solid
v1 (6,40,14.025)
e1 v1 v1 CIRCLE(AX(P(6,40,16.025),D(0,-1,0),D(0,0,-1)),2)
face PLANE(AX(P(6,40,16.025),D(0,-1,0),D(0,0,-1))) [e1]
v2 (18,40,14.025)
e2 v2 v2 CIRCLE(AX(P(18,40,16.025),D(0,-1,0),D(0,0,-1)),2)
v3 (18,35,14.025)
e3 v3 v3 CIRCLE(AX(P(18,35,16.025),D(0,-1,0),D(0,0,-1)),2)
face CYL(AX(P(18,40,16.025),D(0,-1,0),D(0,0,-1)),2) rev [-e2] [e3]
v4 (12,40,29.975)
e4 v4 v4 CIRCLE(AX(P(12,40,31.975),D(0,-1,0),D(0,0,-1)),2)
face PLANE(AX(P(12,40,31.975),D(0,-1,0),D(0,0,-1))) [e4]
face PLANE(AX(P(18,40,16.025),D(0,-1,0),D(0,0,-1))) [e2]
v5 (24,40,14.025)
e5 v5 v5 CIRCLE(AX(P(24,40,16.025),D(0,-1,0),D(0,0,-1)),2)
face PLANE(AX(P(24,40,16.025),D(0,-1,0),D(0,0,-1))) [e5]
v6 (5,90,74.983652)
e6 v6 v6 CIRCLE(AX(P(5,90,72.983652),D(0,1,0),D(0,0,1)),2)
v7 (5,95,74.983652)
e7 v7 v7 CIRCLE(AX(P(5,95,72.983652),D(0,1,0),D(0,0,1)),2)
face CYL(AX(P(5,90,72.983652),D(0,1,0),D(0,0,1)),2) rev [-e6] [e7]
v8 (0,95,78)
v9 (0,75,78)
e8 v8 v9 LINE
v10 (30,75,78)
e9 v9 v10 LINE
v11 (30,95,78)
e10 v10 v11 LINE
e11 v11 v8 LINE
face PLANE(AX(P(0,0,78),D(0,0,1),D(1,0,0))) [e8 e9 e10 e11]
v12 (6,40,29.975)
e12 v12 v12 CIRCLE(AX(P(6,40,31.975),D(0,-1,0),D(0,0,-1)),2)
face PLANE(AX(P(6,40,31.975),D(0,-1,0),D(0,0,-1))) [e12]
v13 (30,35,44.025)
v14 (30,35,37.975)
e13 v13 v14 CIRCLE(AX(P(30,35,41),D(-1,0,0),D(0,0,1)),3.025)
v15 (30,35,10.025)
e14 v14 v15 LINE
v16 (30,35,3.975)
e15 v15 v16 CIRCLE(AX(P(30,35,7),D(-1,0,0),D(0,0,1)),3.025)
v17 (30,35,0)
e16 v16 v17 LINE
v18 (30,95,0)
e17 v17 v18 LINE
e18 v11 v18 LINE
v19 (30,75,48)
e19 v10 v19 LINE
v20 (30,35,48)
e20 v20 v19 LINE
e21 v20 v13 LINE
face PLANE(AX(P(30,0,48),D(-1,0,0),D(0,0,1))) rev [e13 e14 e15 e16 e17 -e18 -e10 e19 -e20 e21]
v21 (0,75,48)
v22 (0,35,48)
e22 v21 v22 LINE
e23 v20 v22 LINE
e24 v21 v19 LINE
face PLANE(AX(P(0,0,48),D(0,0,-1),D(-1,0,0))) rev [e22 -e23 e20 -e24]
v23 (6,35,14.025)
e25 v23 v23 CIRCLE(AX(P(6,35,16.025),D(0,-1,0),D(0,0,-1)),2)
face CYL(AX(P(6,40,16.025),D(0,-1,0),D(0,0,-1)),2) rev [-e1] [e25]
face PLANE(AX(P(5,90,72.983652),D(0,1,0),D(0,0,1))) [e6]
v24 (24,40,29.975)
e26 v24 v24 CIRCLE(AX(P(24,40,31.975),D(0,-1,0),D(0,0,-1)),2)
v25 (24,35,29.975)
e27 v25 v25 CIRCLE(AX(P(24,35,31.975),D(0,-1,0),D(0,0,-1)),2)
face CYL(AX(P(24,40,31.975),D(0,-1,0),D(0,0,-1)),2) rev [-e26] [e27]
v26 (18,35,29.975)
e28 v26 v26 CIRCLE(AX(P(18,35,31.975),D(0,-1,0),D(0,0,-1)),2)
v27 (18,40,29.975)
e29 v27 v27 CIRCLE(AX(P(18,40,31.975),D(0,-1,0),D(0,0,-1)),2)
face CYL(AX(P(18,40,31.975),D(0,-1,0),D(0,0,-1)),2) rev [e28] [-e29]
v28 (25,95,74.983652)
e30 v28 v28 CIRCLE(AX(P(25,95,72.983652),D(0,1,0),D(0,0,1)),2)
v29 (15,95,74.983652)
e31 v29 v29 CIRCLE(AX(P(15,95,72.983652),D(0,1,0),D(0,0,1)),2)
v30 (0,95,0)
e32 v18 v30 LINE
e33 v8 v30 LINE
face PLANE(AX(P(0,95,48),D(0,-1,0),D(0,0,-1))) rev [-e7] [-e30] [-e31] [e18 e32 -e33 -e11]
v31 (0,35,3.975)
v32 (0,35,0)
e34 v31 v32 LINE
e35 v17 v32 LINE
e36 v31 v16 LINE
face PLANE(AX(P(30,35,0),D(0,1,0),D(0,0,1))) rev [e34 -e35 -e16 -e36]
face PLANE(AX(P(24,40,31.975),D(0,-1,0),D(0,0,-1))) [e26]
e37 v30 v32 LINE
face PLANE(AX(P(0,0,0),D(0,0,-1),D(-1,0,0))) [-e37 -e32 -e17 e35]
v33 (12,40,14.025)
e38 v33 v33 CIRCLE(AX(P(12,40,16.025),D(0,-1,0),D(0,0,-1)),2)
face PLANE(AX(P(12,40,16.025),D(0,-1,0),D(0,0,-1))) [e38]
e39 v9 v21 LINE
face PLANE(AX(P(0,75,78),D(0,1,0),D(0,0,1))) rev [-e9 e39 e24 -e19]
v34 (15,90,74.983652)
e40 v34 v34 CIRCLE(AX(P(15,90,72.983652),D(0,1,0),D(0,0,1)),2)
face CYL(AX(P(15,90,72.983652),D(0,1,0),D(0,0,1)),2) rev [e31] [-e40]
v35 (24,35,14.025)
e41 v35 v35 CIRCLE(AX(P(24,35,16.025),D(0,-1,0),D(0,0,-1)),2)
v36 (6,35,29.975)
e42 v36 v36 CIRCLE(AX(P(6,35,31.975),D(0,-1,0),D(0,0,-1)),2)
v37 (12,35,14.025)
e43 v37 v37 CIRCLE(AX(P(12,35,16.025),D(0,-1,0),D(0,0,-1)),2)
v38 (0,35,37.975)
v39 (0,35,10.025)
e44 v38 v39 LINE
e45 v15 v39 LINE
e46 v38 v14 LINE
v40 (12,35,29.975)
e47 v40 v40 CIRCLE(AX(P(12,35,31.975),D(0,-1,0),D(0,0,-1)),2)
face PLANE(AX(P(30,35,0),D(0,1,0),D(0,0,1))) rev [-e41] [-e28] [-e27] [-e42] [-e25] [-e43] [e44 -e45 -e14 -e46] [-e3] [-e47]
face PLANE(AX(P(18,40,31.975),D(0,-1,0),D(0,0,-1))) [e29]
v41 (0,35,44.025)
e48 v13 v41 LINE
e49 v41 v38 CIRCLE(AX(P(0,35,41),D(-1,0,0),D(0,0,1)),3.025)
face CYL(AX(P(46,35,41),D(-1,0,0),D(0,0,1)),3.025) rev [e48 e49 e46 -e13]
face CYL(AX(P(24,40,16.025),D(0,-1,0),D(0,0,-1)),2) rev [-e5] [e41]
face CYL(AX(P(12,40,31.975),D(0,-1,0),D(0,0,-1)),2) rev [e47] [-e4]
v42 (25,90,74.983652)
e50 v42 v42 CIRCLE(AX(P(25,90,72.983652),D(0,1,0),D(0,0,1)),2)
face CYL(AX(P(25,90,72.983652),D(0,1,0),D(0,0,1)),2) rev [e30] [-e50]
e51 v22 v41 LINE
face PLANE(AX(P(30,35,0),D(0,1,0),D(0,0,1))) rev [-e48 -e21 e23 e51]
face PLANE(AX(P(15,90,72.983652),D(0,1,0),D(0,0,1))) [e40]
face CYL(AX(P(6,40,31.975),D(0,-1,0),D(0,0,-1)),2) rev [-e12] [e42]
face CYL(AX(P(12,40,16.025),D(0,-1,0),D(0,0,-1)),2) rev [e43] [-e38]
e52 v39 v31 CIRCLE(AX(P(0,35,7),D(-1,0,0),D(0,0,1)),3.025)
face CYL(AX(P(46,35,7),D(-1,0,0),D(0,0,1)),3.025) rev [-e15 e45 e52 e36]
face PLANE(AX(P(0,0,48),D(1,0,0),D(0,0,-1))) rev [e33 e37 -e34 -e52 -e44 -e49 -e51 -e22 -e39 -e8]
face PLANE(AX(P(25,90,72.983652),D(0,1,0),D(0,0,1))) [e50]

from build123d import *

# Parameters (mm, degrees)
SKETCH_1_W          = 30
SKETCH_1_H          = 95
EXTRUDE_1_DEPTH     = 48
SKETCH_2_R          = 3.025
SKETCH_2_R_2        = 3.005
CUT_EXTRUDE_1_DEPTH = 46
SKETCH_3_W          = 30
SKETCH_3_H          = 20
EXTRUDE_2_DEPTH     = 30
SKETCH_4_R          = 2
CUT_EXTRUDE_2_DEPTH = 5
SKETCH_5_W          = 48
SKETCH_5_H          = 35
CUT_EXTRUDE_3_DEPTH = 127.526677029
SKETCH_6_R          = 2
CUT_EXTRUDE_4_DEPTH = 5


with BuildPart() as part:
    # 草图1 → 凸台-拉伸1 (new body)
    with BuildSketch(Plane.XY):
        with Locations((15, 47.5)):
            Rectangle(SKETCH_1_W, SKETCH_1_H)
    extrude(amount=EXTRUDE_1_DEPTH)

    # 草图2 → 切除-拉伸1 (cut)
    # profile 1 of 2: a face of its own
    with BuildSketch(Plane.ZY):
        with Locations((7, 35)):
            Circle(SKETCH_2_R)
        with Locations((7, 35)):
            Circle(SKETCH_2_R_2, mode=Mode.SUBTRACT)
    # profile 2 of 2: a face of its own
    with BuildSketch(Plane.ZY):
        with Locations((41, 35)):
            Circle(SKETCH_2_R)
        with Locations((41, 35)):
            Circle(SKETCH_2_R_2, mode=Mode.SUBTRACT)
    extrude(amount=-CUT_EXTRUDE_1_DEPTH, mode=Mode.SUBTRACT)


with BuildPart() as cut_extrude_1_kept_piece:
    # of the separate pieces the step leaves, the one the design keeps (cut_extrude_1_pieces_kept)
    add(part.part.solids().sort_by_distance((0, 0, 0))[0])

    # 草图3 → 凸台-拉伸2 (add)
    with BuildSketch(Plane.XY.offset(48)):
        with Locations((15, 85)):
            Rectangle(SKETCH_3_W, SKETCH_3_H)
    extrude(amount=EXTRUDE_2_DEPTH)

    # 草图4 → 切除-拉伸2 (cut)
    with BuildSketch(Plane(origin=(0, 95, 0), x_dir=(1, 0, 0), z_dir=(0, 1, 0))):
        with Locations(Location((5, -72.983651548, 0), (0, 0, 270))):
            Circle(SKETCH_4_R)
        with Locations(Location((15, -72.983651548, 0), (0, 0, 270))):
            Circle(SKETCH_4_R)
        with Locations(Location((25, -72.983651548, 0), (0, 0, 270))):
            Circle(SKETCH_4_R)
    extrude(amount=-CUT_EXTRUDE_2_DEPTH, mode=Mode.SUBTRACT)

    # 草图5 → 切除-拉伸3 (cut, through all)
    with BuildSketch(Plane.ZY):
        with Locations((24, 17.5)):
            Rectangle(SKETCH_5_W, SKETCH_5_H)
    extrude(amount=-CUT_EXTRUDE_3_DEPTH, mode=Mode.SUBTRACT)

    # 草图6 → 切除-拉伸4 (cut)
    with BuildSketch(Plane.XZ.offset(-35)):
        with Locations(Location((6, 31.975, 0), (0, 0, 270))):
            Circle(SKETCH_6_R)
        with Locations(Location((12, 31.975, 0), (0, 0, 270))):
            Circle(SKETCH_6_R)
        with Locations(Location((18, 31.975, 0), (0, 0, 270))):
            Circle(SKETCH_6_R)
        with Locations(Location((24, 31.975, 0), (0, 0, 270))):
            Circle(SKETCH_6_R)
        with Locations(Location((6, 16.025, 0), (0, 0, 270))):
            Circle(SKETCH_6_R)
        with Locations(Location((12, 16.025, 0), (0, 0, 270))):
            Circle(SKETCH_6_R)
        with Locations(Location((18, 16.025, 0), (0, 0, 270))):
            Circle(SKETCH_6_R)
        with Locations(Location((24, 16.025, 0), (0, 0, 270))):
            Circle(SKETCH_6_R)
    extrude(amount=-CUT_EXTRUDE_4_DEPTH, mode=Mode.SUBTRACT)


solid = cut_extrude_1_kept_piece.part
